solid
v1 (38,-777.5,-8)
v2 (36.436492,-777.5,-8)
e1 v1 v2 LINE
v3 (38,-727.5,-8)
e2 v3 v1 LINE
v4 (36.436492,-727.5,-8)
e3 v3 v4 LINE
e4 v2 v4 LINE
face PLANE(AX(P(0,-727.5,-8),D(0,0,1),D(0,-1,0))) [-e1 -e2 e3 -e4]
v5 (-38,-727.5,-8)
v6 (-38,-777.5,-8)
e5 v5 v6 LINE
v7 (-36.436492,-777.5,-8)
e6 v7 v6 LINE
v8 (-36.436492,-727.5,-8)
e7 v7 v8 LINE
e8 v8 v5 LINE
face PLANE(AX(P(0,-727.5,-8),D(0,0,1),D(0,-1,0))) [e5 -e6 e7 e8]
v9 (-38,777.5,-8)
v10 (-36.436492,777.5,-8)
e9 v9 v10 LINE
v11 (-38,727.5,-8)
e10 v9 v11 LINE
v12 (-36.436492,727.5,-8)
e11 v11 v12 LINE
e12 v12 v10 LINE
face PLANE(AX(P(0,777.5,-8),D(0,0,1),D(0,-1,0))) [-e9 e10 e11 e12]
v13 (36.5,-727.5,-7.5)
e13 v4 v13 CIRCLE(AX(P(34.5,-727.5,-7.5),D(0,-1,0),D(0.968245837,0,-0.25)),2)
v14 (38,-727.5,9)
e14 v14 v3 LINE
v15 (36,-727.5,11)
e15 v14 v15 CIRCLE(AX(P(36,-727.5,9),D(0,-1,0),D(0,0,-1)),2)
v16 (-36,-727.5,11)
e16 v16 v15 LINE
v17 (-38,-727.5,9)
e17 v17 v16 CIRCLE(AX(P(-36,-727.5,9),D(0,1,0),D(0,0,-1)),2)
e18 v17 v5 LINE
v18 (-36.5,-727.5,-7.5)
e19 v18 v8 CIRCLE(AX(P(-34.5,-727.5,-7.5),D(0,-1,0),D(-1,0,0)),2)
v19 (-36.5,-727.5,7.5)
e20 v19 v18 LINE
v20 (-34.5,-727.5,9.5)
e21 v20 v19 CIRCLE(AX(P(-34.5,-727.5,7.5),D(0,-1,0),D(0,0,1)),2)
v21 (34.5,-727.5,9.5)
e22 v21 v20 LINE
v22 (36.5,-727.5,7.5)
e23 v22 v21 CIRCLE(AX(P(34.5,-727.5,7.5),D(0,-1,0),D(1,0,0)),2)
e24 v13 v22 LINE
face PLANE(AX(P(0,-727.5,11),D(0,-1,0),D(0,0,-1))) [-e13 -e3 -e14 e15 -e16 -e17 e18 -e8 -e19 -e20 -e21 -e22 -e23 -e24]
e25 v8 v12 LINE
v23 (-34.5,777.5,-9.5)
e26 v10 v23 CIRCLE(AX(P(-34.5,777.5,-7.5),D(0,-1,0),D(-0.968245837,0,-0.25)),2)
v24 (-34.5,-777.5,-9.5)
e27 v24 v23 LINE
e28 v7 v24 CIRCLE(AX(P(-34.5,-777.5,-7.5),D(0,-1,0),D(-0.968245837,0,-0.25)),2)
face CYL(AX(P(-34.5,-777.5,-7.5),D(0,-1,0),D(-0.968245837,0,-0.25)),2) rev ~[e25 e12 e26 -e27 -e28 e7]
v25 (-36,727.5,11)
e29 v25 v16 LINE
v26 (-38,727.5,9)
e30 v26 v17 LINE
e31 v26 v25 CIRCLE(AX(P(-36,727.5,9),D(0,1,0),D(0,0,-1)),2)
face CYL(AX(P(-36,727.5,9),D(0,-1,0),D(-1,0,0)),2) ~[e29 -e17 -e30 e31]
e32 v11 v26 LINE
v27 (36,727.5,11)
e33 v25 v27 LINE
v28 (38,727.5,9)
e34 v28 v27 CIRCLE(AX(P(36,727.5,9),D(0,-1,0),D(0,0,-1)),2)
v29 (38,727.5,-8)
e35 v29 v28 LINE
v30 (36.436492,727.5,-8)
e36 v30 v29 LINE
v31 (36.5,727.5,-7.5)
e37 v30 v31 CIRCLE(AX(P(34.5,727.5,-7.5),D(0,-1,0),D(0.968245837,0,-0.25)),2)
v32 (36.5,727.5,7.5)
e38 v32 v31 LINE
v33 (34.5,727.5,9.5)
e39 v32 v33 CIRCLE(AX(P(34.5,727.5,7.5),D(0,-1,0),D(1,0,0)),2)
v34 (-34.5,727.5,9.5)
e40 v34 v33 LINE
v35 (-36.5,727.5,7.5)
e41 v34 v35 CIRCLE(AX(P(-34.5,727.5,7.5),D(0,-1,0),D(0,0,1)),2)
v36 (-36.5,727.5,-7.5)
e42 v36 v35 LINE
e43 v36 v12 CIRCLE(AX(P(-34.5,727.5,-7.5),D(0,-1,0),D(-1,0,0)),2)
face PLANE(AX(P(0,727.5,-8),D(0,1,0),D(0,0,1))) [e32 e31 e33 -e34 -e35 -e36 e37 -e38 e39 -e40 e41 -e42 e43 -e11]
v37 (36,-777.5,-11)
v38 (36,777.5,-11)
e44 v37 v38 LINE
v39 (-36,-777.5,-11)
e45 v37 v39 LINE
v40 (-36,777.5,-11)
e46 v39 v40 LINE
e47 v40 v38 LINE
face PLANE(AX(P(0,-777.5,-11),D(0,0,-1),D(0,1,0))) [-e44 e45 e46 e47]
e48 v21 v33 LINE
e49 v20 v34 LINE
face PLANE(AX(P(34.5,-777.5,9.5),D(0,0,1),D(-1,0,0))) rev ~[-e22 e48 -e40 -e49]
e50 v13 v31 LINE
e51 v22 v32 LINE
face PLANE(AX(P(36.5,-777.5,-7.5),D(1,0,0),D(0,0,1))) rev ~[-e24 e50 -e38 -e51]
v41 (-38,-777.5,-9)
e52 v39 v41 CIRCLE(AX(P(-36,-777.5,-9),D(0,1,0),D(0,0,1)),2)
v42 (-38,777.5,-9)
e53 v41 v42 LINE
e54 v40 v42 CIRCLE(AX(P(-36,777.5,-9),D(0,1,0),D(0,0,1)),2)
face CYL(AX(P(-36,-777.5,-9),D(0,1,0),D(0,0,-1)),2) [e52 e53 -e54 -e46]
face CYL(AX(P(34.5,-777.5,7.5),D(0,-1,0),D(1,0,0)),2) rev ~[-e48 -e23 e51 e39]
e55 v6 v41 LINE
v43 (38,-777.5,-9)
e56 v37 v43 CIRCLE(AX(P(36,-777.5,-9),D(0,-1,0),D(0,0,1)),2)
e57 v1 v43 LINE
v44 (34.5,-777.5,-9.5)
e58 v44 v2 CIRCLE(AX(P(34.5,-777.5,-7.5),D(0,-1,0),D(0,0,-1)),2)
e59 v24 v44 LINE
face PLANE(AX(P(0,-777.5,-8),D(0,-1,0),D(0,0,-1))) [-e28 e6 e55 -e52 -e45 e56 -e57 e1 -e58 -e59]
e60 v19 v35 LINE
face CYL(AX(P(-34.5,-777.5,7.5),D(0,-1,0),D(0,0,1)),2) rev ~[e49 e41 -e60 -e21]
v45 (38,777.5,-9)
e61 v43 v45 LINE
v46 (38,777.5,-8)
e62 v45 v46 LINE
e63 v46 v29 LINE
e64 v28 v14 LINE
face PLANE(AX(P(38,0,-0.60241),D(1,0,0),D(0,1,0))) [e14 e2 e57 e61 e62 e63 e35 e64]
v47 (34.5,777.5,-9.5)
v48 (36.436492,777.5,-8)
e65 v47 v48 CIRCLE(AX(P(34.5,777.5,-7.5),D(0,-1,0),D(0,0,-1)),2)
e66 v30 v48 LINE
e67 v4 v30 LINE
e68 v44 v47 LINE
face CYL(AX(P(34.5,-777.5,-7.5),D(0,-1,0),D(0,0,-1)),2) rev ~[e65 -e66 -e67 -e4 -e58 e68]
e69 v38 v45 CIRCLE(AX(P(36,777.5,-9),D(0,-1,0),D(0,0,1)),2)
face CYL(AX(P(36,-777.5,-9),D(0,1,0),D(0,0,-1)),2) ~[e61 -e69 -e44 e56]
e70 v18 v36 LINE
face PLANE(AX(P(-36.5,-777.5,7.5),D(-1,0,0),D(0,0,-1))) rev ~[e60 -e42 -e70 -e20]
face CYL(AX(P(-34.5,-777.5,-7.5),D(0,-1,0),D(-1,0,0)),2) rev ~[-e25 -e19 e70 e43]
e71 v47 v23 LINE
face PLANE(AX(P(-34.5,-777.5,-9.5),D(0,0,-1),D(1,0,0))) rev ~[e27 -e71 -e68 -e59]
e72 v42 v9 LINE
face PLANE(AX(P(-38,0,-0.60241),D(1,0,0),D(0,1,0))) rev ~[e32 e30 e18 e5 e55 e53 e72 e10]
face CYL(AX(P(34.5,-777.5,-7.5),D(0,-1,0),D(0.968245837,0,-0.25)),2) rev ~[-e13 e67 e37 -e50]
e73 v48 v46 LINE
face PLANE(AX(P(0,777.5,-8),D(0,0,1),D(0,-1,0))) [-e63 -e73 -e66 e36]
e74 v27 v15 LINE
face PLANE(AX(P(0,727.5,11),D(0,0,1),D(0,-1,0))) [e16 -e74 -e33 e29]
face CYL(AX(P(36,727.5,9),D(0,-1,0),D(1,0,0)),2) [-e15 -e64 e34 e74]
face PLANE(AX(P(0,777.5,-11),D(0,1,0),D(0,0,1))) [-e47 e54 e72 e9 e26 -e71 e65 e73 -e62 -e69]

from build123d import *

# Parameters (mm, degrees)
F1_DEPTH      = 38
F1_DEPTH_BACK = 38
F3_DEPTH      = 1555.001
F4_R          = 2


with BuildPart() as f1:
    # F0 (on Right) → F1 (new body, two sides)
    with BuildSketch(Plane.YZ) as f1_sk:
        Polygon((-777.5, -11), (777.5, -11), (777.5, -8), (727.5, -8), (727.5, 11), (-727.5, 11), (-727.5, -8), (-777.5, -8), align=None)
    extrude(amount=F1_DEPTH)
    extrude(f1_sk.sketch, amount=-F1_DEPTH_BACK)

    # F2 (on face) → F3 (cut, through all)
    with BuildSketch(Plane.XZ.offset(777.5)):
        with BuildLine():
            Line((-36.4364916731, -8), (36.4364916731, -8))
            ThreePointArc((36.4364916731, -8), (36.4840593925, -7.752008585), (36.5, -7.5))
            Line((36.5, -7.5), (36.5, 7.5))
            ThreePointArc((36.5, 7.5), (35.9142135624, 8.9142135624), (34.5, 9.5))
            Line((34.5, 9.5), (-34.5, 9.5))
            ThreePointArc((-34.5, 9.5), (-35.9142135624, 8.9142135624), (-36.5, 7.5))
            Line((-36.5, 7.5), (-36.5, -7.5))
            ThreePointArc((-36.5, -7.5), (-36.4840593925, -7.752008585), (-36.4364916731, -8))
        make_face()
        with BuildLine():
            Line((-34.5, -9.5), (34.5, -9.5))
            ThreePointArc((34.5, -9.5), (35.7247448714, -9.0811388301), (36.4364916731, -8))
            Line((36.4364916731, -8), (-36.4364916731, -8))
            ThreePointArc((-36.4364916731, -8), (-35.7247448714, -9.0811388301), (-34.5, -9.5))
        make_face()
    extrude(amount=-F3_DEPTH, mode=Mode.SUBTRACT)

    # F4
    f4_edges = [f1.edges().sort_by_distance(p)[0] for p in [
        (-38, 0, 11),
        (-38, 0, -11),
        (38, 0, -11),
        (38, 0, 11),
    ]]
    fillet(f4_edges, radius=F4_R)


solid = f1.part
